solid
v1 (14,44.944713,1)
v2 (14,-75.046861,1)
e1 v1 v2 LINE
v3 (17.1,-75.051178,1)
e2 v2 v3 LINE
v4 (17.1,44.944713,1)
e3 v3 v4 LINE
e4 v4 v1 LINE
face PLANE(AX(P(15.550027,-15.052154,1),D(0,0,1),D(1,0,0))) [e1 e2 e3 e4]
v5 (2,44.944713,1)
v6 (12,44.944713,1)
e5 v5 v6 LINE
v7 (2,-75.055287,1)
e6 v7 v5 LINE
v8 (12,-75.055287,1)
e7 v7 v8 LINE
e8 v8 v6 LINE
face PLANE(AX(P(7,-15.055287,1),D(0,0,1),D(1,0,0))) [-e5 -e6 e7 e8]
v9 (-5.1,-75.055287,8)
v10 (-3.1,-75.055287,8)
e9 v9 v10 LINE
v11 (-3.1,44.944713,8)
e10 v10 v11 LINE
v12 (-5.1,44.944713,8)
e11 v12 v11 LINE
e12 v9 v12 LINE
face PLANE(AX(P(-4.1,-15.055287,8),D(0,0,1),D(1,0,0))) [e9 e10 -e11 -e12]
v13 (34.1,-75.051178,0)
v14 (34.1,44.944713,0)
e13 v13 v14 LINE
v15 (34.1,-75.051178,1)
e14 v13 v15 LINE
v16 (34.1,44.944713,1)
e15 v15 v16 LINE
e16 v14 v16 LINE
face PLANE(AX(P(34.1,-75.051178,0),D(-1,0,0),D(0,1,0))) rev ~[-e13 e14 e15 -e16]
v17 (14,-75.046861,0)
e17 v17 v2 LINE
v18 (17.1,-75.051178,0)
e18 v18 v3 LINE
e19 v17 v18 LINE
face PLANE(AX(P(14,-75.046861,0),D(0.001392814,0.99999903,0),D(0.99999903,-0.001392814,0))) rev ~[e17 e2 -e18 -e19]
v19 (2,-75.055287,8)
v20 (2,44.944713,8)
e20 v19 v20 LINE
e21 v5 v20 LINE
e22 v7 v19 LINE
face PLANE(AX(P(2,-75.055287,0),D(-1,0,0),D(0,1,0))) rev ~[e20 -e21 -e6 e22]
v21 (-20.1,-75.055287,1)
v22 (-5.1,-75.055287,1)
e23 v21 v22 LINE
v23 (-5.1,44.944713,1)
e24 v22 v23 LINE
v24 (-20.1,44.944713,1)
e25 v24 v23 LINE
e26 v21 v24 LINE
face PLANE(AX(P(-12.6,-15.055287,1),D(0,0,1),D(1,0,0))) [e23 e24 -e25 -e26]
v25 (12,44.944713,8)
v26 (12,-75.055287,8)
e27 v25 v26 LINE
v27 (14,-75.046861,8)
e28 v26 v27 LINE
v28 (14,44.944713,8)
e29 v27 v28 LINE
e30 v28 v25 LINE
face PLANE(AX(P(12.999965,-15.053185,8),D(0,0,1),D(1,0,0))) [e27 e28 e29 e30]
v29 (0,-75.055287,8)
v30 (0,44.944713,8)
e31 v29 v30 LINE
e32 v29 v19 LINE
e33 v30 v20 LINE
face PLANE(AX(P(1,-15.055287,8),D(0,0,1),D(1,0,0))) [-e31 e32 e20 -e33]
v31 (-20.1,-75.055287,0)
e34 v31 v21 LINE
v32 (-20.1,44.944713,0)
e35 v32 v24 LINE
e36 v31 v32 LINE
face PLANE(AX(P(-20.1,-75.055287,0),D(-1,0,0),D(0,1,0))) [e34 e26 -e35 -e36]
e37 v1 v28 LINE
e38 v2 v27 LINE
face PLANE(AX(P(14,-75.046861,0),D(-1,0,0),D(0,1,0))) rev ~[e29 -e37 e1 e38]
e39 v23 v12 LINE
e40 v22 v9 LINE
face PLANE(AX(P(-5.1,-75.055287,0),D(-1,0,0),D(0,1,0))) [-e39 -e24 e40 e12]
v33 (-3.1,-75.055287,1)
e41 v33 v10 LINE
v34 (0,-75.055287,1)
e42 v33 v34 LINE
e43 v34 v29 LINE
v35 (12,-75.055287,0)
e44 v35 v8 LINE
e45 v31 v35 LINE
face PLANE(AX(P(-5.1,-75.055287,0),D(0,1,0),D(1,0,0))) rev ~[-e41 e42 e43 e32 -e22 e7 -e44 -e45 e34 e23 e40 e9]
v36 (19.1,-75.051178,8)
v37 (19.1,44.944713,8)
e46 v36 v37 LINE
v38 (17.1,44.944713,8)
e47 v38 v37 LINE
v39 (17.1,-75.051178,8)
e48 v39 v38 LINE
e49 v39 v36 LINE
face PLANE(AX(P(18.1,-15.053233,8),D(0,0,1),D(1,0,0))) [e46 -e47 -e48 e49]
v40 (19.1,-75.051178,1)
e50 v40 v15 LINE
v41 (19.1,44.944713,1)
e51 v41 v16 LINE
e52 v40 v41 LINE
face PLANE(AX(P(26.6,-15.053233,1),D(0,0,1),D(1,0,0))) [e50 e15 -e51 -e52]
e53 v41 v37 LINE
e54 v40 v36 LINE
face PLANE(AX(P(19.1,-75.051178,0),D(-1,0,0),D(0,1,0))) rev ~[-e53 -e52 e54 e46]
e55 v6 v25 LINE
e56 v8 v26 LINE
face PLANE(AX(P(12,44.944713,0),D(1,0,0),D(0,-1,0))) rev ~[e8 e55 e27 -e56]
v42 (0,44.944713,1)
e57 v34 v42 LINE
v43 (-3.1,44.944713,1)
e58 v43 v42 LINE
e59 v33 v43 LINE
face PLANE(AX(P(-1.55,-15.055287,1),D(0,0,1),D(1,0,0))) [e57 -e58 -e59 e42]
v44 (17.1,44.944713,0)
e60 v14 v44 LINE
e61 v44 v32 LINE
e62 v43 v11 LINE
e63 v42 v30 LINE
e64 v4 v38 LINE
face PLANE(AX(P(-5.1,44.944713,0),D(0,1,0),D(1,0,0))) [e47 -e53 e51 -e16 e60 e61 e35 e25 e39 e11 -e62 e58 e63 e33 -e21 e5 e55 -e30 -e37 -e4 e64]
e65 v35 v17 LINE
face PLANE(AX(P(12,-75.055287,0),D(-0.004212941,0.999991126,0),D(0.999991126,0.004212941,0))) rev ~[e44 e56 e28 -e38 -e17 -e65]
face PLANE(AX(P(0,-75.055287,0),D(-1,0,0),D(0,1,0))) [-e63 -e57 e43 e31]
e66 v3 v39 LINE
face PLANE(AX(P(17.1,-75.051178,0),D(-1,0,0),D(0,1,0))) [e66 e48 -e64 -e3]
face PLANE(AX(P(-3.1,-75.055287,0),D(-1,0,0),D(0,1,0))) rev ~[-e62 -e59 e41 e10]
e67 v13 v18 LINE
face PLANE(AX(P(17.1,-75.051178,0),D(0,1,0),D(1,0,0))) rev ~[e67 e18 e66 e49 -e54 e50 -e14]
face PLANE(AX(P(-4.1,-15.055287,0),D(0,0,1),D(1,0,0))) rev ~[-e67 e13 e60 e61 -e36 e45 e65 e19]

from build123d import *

# Parameters (mm, degrees)
F0_W     = 3.1
F0_H     = 120
F1_DEPTH = 1
F0_W_2   = 10
F0_W_3   = 15
F0_H_2   = 119.9958917713
F0_W_4   = 2
F2_DEPTH = 8


with BuildPart() as f1:
    # F0 (on Top) → F1 (new body)
    with BuildSketch(Plane.XY):
        with Locations((-1.55, -15.0552866608)):
            Rectangle(F0_W, F0_H)
    extrude(amount=F1_DEPTH)



with BuildPart() as f1b:
    # F0 (on Top) → F1, piece 2 (new body)
    with BuildSketch(Plane.XY):
        with Locations((7, -15.0552866608)):
            Rectangle(F0_W_2, F0_H)
    extrude(amount=F1_DEPTH)


with BuildPart() as f1c:
    # F0 (on Top) → F1, piece 3 (new body)
    with BuildSketch(Plane.XY):
        with Locations((-12.6, -15.0552866608)):
            Rectangle(F0_W_3, F0_H)
    extrude(amount=F1_DEPTH)


with BuildPart() as f1d:
    # F0 (on Top) → F1, piece 4 (new body)
    with BuildSketch(Plane.XY):
        with Locations((26.6, -15.0532325464)):
            Rectangle(F0_W_3, F0_H_2)
    extrude(amount=F1_DEPTH)


with BuildPart() as f1e:
    # F0 (on Top) → F1, piece 5 (new body)
    with BuildSketch(Plane.XY):
        Polygon((17.1, 44.9447133392), (14, 44.9447133392), (14, -75.0468607033), (17.1, -75.0511784321), align=None)
    extrude(amount=F1_DEPTH)


with BuildPart() as f1_1:
    add(f1.part)

    add(f1b.part)  # F2 merges F1b

    add(f1c.part)  # F2 merges F1c

    add(f1d.part)  # F2 merges F1d

    add(f1e.part)  # F2 merges F1e
    # F0 (on Top) → F2 (join)
    with BuildSketch(Plane.XY):
        with Locations((-4.1, -15.0552866608)):
            Rectangle(F0_W_4, F0_H)
        with Locations((1, -15.0552866608)):
            Rectangle(F0_W_4, F0_H)
        Polygon((14, 44.9447133392), (12, 44.9447133392), (12, -75.0552866608), (14, -75.0468607033), align=None)
        with Locations((18.1, -15.0532325464)):
            Rectangle(F0_W_4, F0_H_2)
    extrude(amount=F2_DEPTH)


solid = f1_1.part
